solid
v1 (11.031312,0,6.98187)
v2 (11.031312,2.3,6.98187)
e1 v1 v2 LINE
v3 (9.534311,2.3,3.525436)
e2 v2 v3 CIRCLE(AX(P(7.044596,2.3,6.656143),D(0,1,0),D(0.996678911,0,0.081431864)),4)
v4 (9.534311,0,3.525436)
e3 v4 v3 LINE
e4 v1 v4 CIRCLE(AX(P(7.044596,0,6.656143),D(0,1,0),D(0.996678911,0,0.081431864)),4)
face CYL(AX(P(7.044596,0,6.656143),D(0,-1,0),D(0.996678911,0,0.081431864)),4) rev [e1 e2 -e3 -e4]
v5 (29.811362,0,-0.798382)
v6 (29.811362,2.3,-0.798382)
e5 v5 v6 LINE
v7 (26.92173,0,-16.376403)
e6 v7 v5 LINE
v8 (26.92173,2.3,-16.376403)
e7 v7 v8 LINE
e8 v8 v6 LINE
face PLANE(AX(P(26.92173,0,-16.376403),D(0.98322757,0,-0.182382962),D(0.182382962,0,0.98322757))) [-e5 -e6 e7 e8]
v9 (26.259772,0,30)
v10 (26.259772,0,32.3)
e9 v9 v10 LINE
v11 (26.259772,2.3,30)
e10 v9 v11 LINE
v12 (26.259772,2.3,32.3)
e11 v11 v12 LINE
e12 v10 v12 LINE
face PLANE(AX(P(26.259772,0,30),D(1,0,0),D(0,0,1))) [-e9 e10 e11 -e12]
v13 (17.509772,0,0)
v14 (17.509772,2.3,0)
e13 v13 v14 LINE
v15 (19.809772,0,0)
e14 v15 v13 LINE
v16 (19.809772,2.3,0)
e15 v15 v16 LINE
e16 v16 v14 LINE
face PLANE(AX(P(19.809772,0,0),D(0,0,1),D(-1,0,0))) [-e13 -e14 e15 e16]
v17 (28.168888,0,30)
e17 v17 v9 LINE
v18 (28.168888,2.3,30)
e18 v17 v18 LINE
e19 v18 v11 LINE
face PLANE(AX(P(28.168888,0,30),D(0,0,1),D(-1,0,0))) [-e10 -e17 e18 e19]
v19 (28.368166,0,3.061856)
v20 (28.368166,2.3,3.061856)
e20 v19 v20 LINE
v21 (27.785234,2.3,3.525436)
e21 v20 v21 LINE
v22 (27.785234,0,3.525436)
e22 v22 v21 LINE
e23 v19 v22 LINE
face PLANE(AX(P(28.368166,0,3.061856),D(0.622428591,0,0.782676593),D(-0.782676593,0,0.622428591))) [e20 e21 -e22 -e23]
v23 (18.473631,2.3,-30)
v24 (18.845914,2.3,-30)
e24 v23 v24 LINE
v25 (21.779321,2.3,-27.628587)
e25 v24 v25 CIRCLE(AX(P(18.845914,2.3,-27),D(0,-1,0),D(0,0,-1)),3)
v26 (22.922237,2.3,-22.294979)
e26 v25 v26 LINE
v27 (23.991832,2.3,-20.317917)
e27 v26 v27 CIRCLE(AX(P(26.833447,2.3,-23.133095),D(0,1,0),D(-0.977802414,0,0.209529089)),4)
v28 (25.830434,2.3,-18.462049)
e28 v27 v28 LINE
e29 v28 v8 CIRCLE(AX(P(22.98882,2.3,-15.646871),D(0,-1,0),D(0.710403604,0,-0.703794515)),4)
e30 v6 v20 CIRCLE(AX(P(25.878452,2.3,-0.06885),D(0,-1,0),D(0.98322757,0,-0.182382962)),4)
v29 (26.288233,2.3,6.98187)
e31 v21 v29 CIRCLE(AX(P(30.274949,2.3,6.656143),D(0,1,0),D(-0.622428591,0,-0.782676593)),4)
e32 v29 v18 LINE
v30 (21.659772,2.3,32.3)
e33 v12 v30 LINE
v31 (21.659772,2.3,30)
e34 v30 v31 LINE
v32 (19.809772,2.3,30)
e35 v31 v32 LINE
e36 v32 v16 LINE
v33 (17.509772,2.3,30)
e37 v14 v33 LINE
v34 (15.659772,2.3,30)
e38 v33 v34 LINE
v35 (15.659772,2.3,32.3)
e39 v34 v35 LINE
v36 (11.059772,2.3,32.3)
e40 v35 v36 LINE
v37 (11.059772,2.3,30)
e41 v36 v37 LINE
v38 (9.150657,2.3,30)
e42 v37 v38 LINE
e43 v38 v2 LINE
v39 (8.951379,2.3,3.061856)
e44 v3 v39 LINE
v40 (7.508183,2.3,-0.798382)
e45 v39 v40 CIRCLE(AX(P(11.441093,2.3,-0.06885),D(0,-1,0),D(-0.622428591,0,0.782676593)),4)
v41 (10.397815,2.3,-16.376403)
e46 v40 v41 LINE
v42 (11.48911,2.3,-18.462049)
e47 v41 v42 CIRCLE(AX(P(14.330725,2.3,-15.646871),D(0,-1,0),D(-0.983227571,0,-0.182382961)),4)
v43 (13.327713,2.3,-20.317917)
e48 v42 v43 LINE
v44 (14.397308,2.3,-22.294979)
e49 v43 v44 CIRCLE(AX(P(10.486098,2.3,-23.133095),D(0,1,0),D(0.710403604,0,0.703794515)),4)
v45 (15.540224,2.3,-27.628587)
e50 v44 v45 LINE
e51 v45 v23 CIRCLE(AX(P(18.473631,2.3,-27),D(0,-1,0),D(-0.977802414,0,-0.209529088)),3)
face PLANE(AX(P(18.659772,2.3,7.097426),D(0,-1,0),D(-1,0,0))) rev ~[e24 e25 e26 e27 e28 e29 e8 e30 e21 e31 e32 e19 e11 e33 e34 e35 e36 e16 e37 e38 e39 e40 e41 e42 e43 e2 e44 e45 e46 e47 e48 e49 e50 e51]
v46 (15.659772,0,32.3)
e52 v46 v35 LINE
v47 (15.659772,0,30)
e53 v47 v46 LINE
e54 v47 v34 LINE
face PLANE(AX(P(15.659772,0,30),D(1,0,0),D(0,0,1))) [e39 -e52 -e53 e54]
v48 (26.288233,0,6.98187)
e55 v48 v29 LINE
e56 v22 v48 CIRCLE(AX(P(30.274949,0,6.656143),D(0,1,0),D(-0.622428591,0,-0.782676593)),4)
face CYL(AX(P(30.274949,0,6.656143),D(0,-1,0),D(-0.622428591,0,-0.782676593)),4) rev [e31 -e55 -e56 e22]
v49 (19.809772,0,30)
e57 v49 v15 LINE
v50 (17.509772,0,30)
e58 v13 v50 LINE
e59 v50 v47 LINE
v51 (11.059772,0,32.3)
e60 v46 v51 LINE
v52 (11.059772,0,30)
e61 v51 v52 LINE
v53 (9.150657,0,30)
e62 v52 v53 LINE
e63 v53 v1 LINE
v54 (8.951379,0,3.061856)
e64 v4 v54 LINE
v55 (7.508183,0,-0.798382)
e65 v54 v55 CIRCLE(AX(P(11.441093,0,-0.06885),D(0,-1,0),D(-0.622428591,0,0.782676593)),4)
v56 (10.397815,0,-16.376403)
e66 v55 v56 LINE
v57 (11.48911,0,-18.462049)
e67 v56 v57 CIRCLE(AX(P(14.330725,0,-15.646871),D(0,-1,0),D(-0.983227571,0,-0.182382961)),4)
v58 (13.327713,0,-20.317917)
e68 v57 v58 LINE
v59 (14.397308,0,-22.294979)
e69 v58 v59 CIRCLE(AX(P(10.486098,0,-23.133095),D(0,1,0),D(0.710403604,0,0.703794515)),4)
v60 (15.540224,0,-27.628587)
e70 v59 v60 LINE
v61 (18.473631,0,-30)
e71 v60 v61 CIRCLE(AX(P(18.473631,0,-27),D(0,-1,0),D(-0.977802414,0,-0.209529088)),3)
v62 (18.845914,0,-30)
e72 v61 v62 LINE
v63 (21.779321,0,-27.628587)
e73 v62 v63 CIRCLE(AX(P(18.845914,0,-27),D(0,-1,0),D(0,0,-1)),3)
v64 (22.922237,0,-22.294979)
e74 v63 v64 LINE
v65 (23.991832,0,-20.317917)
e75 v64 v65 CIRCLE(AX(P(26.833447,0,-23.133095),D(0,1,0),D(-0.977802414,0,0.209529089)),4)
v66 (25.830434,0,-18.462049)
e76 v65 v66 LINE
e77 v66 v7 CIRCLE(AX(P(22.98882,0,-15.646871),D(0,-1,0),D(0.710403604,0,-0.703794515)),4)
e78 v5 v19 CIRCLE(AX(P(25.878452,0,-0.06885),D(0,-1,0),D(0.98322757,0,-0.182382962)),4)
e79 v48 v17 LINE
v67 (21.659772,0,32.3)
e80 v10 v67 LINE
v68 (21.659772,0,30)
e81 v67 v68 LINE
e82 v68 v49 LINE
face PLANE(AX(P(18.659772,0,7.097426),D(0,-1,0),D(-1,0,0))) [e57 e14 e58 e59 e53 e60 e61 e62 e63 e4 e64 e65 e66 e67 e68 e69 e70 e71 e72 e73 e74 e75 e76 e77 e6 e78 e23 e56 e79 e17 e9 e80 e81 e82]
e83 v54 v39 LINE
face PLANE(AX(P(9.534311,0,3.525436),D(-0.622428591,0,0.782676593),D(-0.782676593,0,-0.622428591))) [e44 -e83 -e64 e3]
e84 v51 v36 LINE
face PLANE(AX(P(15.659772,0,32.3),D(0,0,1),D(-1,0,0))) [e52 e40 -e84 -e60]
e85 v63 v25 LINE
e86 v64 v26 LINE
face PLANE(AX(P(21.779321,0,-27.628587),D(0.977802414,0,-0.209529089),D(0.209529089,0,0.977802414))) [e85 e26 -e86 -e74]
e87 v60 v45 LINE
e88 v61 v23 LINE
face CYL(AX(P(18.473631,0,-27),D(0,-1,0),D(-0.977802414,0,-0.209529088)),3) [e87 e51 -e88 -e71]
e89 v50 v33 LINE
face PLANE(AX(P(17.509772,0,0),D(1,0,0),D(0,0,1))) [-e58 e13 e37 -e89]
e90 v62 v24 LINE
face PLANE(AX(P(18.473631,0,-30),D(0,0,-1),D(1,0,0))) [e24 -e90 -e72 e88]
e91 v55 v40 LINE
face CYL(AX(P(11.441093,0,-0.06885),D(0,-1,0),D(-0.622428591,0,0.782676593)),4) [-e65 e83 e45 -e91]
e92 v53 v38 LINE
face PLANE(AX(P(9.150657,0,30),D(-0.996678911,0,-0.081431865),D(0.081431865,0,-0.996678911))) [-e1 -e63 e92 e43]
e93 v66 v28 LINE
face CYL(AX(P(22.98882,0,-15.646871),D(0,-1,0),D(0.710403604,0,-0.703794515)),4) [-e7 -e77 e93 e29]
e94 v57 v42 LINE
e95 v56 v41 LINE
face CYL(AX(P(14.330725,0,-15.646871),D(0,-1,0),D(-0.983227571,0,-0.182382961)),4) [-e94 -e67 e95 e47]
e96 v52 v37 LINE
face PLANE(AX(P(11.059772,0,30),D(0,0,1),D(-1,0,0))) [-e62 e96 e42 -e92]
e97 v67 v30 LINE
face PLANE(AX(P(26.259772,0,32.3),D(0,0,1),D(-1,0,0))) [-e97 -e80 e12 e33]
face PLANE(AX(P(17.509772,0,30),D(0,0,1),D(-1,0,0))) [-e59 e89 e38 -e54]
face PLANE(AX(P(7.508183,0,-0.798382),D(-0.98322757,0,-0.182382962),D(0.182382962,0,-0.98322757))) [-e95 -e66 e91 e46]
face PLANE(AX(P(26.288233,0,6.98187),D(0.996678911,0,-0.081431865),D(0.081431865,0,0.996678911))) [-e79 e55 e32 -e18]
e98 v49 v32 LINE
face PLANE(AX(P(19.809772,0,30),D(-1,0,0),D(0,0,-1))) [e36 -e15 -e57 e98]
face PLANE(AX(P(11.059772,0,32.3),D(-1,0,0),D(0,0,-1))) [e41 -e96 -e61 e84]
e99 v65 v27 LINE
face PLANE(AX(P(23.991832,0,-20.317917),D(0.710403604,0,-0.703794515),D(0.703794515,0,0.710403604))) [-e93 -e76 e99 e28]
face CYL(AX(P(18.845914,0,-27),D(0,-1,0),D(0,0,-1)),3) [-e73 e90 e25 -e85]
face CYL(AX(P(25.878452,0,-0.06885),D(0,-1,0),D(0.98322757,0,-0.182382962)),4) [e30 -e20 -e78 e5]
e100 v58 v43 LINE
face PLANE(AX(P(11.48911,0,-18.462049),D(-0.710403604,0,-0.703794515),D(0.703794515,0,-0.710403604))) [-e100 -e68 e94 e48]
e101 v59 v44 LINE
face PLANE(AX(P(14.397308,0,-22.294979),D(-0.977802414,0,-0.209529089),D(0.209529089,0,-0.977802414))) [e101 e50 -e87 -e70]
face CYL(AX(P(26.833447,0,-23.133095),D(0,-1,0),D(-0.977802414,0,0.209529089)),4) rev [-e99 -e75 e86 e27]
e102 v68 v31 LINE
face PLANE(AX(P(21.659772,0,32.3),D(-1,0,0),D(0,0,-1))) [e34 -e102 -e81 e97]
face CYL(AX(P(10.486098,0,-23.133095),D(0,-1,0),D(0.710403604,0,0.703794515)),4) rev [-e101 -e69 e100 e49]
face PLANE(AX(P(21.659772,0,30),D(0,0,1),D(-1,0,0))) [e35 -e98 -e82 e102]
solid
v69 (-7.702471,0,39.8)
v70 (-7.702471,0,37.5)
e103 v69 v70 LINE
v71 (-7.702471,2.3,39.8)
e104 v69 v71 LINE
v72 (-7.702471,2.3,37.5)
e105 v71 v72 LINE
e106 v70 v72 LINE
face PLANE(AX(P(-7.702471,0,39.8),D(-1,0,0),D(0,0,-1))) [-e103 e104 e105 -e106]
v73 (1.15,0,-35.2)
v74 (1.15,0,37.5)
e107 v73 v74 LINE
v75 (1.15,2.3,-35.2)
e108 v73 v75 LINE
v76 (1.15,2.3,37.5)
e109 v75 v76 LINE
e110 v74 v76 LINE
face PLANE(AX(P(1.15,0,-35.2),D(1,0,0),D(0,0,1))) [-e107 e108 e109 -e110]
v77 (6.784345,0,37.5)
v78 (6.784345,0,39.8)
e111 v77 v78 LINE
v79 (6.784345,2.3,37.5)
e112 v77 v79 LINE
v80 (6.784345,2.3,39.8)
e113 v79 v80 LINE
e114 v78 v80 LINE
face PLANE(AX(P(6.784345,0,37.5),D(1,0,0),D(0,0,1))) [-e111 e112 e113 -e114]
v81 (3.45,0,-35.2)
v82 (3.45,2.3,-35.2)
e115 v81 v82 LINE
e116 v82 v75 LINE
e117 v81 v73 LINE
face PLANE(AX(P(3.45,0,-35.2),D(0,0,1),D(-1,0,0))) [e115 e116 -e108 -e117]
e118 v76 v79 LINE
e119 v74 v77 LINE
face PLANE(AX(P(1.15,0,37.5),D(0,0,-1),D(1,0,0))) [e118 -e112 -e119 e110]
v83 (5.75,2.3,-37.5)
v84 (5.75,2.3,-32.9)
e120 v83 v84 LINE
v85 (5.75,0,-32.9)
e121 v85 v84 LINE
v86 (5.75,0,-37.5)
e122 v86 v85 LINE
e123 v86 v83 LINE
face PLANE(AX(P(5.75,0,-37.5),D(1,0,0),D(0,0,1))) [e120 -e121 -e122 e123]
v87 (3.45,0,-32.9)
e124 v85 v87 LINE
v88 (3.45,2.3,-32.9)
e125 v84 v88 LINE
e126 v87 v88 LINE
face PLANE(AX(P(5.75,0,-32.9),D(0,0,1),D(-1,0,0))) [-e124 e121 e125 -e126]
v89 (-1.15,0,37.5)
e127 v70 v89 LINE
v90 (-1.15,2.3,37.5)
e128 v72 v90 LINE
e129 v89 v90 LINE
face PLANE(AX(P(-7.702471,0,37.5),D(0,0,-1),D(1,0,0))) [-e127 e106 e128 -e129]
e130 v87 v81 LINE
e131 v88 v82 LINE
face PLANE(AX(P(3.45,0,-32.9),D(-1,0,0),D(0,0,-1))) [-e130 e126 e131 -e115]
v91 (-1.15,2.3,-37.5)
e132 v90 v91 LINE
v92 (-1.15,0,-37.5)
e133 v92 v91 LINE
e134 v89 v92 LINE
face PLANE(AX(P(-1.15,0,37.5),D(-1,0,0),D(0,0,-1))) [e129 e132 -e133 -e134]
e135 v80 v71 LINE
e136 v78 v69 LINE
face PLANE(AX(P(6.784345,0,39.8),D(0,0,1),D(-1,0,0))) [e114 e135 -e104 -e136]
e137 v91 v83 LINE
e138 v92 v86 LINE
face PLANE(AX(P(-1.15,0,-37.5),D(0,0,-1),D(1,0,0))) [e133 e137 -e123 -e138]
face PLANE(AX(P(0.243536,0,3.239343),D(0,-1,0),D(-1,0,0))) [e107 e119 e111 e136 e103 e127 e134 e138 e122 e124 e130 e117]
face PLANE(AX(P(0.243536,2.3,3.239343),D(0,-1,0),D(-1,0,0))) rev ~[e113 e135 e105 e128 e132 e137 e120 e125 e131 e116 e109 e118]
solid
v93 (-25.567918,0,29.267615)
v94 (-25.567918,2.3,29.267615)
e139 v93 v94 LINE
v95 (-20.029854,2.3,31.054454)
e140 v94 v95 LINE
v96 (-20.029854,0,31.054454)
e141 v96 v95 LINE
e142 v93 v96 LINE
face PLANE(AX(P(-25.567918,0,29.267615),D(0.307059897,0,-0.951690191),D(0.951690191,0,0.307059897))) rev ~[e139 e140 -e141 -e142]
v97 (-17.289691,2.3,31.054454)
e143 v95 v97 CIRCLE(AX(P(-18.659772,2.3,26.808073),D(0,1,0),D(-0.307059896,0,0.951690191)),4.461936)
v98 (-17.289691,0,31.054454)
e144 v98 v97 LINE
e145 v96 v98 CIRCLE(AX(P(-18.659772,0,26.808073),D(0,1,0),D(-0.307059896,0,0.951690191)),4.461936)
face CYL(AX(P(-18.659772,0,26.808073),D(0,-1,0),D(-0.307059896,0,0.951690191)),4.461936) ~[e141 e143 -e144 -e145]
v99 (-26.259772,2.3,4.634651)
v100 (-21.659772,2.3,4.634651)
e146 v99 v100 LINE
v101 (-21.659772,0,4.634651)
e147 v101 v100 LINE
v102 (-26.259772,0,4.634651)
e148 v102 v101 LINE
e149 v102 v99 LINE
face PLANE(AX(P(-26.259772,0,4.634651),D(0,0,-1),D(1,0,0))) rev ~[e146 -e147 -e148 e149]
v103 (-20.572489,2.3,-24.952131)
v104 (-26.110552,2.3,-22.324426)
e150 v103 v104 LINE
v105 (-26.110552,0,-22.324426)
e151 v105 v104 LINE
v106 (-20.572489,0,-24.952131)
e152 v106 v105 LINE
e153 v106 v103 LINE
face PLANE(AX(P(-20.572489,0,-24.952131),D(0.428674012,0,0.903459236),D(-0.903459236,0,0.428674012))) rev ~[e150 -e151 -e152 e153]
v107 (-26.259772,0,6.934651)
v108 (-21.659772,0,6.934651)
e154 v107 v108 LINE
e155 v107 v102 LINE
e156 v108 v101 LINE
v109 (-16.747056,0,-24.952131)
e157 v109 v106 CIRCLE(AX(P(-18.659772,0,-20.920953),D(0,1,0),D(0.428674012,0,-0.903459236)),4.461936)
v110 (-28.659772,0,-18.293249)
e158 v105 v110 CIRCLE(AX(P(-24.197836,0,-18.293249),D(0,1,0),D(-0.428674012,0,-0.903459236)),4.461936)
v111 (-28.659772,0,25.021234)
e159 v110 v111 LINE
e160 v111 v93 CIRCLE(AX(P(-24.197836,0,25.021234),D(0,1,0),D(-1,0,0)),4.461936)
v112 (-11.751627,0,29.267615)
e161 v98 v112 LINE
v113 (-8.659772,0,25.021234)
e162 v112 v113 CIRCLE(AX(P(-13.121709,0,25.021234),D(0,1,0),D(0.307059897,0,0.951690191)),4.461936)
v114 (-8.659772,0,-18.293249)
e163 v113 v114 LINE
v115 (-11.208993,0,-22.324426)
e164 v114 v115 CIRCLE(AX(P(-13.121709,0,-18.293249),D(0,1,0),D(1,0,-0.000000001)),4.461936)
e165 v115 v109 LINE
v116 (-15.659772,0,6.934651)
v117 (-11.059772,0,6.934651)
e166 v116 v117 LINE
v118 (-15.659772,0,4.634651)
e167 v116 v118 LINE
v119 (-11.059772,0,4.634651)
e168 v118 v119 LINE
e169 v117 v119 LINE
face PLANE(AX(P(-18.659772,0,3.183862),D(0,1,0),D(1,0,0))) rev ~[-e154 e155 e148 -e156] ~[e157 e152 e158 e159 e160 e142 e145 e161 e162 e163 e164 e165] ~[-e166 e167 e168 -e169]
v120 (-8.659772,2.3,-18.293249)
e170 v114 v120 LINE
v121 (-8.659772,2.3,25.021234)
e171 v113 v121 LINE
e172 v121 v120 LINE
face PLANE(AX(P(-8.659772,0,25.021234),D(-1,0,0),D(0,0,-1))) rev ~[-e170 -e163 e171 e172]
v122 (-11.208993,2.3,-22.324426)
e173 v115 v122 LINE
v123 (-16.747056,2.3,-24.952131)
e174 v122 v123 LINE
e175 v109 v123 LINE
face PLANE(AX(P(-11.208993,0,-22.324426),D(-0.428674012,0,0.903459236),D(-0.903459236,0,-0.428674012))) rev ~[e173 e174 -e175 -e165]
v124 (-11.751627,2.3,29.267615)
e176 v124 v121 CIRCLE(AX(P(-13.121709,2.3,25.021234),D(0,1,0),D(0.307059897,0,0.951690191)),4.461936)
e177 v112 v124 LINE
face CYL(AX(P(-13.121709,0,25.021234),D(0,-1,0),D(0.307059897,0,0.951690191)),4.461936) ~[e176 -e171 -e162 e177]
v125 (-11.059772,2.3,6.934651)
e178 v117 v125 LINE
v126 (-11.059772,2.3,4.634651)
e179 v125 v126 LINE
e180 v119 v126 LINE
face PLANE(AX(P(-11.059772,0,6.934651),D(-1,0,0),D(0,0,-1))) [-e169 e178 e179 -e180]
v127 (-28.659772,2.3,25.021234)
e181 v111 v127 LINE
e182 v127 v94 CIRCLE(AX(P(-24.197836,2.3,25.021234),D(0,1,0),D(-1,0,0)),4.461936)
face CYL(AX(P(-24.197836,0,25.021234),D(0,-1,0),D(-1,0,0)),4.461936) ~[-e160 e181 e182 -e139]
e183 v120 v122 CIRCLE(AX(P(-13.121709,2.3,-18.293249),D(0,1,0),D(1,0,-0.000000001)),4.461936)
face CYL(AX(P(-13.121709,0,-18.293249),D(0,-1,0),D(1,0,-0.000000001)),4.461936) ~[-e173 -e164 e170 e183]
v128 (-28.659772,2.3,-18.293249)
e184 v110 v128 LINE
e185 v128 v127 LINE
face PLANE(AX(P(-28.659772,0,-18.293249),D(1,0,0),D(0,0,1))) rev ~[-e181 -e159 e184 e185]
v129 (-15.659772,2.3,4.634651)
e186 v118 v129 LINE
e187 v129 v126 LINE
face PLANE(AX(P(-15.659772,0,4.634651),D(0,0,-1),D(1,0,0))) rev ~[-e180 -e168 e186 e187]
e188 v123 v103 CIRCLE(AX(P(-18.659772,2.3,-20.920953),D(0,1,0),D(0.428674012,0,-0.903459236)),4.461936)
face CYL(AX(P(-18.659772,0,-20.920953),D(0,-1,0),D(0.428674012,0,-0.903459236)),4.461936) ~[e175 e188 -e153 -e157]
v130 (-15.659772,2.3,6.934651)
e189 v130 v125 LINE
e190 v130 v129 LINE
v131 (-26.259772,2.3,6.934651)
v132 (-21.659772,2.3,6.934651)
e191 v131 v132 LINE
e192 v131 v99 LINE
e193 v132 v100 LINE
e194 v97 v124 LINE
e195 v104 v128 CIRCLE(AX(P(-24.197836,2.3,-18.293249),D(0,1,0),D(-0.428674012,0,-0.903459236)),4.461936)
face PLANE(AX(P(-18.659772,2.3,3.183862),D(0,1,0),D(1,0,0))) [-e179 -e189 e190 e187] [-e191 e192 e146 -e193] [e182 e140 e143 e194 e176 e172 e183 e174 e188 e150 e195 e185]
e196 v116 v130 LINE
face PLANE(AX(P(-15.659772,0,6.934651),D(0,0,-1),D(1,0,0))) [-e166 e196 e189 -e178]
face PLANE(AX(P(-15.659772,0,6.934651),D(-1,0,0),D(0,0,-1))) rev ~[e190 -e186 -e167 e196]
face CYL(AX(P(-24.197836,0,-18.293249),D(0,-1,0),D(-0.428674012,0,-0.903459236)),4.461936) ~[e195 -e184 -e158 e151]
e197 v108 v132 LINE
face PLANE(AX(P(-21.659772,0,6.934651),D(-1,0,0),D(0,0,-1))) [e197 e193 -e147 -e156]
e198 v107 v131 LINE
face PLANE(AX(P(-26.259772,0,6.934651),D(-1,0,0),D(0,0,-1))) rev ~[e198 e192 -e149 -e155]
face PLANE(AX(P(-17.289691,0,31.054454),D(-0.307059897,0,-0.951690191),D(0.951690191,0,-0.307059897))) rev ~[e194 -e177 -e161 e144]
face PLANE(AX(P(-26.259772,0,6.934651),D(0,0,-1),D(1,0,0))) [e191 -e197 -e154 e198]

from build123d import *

# Parameters (mm, degrees)
BOSS_EXTRUDE1_DEPTH   = 2.3
SKIER_W               = 4.6
SKIER_H               = 2.3
BOSS_EXTRUDE1_2_DEPTH = 2.3
BOSS_EXTRUDE1_3_DEPTH = 2.3


with BuildPart() as part:
    # skier → Boss-Extrude1 (new body)
    with BuildSketch(Plane(origin=(0, 0, 0), x_dir=(1, 0, 0), z_dir=(0, 1, 0))):
        Polygon((-1.15, 37.5), (5.75, 37.5), (5.75, 32.9), (3.45, 32.9), (3.45, 35.2), (1.15, 35.2), (1.15, -37.5), (6.784344809, -37.5), (6.784344809, -39.8), (-7.702471438, -39.8), (-7.702471438, -37.5), (-1.15, -37.5), align=None)
    extrude(amount=BOSS_EXTRUDE1_DEPTH)


with BuildPart() as body_2:
    # skier → Boss-Extrude1 2 (new body)
    with BuildSketch(Plane(origin=(0, 0, 0), x_dir=(1, 0, 0), z_dir=(0, 1, 0))):
        with BuildLine():
            Line((-20.572488584, 24.952130677), (-26.110552293, 22.324426081))
            ThreePointArc((-26.110552293, 22.324426081), (-27.968995996, 20.678039707), (-28.659772453, 18.293248527))
            Line((-28.659772453, 18.293248527), (-28.659772453, -25.021233516))
            ThreePointArc((-28.659772453, -25.021233516), (-27.804918966, -27.647605369), (-25.567917858, -29.267614518))
            Line((-25.567917858, -29.267614518), (-20.029854149, -31.054453644))
            ThreePointArc((-20.029854149, -31.054453644), (-18.659772453, -31.270008933), (-17.289690758, -31.054453644))
            Line((-17.289690758, -31.054453644), (-11.751627049, -29.267614518))
            ThreePointArc((-11.751627049, -29.267614518), (-9.514625941, -27.647605369), (-8.659772453, -25.021233516))
            Line((-8.659772453, -25.021233516), (-8.659772453, 18.293248527))
            ThreePointArc((-8.659772453, 18.293248527), (-9.350548911, 20.678039707), (-11.208992614, 22.324426081))
            Line((-11.208992614, 22.324426081), (-16.747056323, 24.952130677))
            ThreePointArc((-16.747056323, 24.952130677), (-18.659772453, 25.382889415), (-20.572488584, 24.952130677))
        make_face()
        with Locations((-13.359772453, -5.784651227)):
            Rectangle(SKIER_W, SKIER_H, mode=Mode.SUBTRACT)
        with Locations((-23.959772453, -5.784651227)):
            Rectangle(SKIER_W, SKIER_H, mode=Mode.SUBTRACT)
    extrude(amount=BOSS_EXTRUDE1_2_DEPTH)


with BuildPart() as body_3:
    # skier → Boss-Extrude1 3 (new body)
    with BuildSketch(Plane(origin=(0, 0, 0), x_dir=(1, 0, 0), z_dir=(0, 1, 0))):
        with BuildLine():
            Line((18.473631222, 30), (18.845913685, 30))
            ThreePointArc((18.845913685, 30), (20.73194632, 29.332998264), (21.779320927, 27.628587266))
            Line((21.779320927, 27.628587266), (22.922237033, 22.29497877))
            ThreePointArc((22.922237033, 22.29497877), (23.31530066, 21.229769479), (23.991832273, 20.317917065))
            Line((23.991832273, 20.317917065), (25.83043446, 18.462049206))
            ThreePointArc((25.83043446, 18.462049206), (26.532973857, 17.501318165), (26.921730325, 16.376402992))
            Line((26.921730325, 16.376402992), (29.811362053, 0.798382112))
            ThreePointArc((29.811362053, 0.798382112), (29.625168549, -1.331904313), (28.368166135, -3.061856106))
            Line((28.368166135, -3.061856106), (27.785234308, -3.525436388))
            ThreePointArc((27.785234308, -3.525436388), (26.604421446, -5.066416405), (26.288233028, -6.981870219))
            Line((26.288233028, -6.981870219), (28.168888078, -30))
            Line((28.168888078, -30), (26.259772453, -30))
            Line((26.259772453, -30), (26.259772453, -32.3))
            Line((26.259772453, -32.3), (21.659772453, -32.3))
            Line((21.659772453, -32.3), (21.659772453, -30))
            Line((21.659772453, -30), (19.809772453, -30))
            Line((19.809772453, -30), (19.809772453, 0))
            Line((19.809772453, 0), (17.509772453, 0))
            Line((17.509772453, 0), (17.509772453, -30))
            Line((17.509772453, -30), (15.659772453, -30))
            Line((15.659772453, -30), (15.659772453, -32.3))
            Line((15.659772453, -32.3), (11.059772453, -32.3))
            Line((11.059772453, -32.3), (11.059772453, -30))
            Line((11.059772453, -30), (9.150656829, -30))
            Line((9.150656829, -30), (11.031311879, -6.981870219))
            ThreePointArc((11.031311879, -6.981870219), (10.715123461, -5.066416405), (9.534310599, -3.525436388))
            Line((9.534310599, -3.525436388), (8.951378772, -3.061856106))
            ThreePointArc((8.951378772, -3.061856106), (7.694376358, -1.331904313), (7.508182854, 0.798382112))
            Line((7.508182854, 0.798382112), (10.397814582, 16.376402992))
            ThreePointArc((10.397814582, 16.376402992), (10.78657105, 17.501318165), (11.489110447, 18.462049206))
            Line((11.489110447, 18.462049206), (13.327712634, 20.317917065))
            ThreePointArc((13.327712634, 20.317917065), (14.004244247, 21.229769479), (14.397307874, 22.29497877))
            Line((14.397307874, 22.29497877), (15.54022398, 27.628587266))
            ThreePointArc((15.54022398, 27.628587266), (16.587598587, 29.332998264), (18.473631222, 30))
        make_face()
    extrude(amount=BOSS_EXTRUDE1_3_DEPTH)


solid = Compound([part.part, body_2.part, body_3.part])
